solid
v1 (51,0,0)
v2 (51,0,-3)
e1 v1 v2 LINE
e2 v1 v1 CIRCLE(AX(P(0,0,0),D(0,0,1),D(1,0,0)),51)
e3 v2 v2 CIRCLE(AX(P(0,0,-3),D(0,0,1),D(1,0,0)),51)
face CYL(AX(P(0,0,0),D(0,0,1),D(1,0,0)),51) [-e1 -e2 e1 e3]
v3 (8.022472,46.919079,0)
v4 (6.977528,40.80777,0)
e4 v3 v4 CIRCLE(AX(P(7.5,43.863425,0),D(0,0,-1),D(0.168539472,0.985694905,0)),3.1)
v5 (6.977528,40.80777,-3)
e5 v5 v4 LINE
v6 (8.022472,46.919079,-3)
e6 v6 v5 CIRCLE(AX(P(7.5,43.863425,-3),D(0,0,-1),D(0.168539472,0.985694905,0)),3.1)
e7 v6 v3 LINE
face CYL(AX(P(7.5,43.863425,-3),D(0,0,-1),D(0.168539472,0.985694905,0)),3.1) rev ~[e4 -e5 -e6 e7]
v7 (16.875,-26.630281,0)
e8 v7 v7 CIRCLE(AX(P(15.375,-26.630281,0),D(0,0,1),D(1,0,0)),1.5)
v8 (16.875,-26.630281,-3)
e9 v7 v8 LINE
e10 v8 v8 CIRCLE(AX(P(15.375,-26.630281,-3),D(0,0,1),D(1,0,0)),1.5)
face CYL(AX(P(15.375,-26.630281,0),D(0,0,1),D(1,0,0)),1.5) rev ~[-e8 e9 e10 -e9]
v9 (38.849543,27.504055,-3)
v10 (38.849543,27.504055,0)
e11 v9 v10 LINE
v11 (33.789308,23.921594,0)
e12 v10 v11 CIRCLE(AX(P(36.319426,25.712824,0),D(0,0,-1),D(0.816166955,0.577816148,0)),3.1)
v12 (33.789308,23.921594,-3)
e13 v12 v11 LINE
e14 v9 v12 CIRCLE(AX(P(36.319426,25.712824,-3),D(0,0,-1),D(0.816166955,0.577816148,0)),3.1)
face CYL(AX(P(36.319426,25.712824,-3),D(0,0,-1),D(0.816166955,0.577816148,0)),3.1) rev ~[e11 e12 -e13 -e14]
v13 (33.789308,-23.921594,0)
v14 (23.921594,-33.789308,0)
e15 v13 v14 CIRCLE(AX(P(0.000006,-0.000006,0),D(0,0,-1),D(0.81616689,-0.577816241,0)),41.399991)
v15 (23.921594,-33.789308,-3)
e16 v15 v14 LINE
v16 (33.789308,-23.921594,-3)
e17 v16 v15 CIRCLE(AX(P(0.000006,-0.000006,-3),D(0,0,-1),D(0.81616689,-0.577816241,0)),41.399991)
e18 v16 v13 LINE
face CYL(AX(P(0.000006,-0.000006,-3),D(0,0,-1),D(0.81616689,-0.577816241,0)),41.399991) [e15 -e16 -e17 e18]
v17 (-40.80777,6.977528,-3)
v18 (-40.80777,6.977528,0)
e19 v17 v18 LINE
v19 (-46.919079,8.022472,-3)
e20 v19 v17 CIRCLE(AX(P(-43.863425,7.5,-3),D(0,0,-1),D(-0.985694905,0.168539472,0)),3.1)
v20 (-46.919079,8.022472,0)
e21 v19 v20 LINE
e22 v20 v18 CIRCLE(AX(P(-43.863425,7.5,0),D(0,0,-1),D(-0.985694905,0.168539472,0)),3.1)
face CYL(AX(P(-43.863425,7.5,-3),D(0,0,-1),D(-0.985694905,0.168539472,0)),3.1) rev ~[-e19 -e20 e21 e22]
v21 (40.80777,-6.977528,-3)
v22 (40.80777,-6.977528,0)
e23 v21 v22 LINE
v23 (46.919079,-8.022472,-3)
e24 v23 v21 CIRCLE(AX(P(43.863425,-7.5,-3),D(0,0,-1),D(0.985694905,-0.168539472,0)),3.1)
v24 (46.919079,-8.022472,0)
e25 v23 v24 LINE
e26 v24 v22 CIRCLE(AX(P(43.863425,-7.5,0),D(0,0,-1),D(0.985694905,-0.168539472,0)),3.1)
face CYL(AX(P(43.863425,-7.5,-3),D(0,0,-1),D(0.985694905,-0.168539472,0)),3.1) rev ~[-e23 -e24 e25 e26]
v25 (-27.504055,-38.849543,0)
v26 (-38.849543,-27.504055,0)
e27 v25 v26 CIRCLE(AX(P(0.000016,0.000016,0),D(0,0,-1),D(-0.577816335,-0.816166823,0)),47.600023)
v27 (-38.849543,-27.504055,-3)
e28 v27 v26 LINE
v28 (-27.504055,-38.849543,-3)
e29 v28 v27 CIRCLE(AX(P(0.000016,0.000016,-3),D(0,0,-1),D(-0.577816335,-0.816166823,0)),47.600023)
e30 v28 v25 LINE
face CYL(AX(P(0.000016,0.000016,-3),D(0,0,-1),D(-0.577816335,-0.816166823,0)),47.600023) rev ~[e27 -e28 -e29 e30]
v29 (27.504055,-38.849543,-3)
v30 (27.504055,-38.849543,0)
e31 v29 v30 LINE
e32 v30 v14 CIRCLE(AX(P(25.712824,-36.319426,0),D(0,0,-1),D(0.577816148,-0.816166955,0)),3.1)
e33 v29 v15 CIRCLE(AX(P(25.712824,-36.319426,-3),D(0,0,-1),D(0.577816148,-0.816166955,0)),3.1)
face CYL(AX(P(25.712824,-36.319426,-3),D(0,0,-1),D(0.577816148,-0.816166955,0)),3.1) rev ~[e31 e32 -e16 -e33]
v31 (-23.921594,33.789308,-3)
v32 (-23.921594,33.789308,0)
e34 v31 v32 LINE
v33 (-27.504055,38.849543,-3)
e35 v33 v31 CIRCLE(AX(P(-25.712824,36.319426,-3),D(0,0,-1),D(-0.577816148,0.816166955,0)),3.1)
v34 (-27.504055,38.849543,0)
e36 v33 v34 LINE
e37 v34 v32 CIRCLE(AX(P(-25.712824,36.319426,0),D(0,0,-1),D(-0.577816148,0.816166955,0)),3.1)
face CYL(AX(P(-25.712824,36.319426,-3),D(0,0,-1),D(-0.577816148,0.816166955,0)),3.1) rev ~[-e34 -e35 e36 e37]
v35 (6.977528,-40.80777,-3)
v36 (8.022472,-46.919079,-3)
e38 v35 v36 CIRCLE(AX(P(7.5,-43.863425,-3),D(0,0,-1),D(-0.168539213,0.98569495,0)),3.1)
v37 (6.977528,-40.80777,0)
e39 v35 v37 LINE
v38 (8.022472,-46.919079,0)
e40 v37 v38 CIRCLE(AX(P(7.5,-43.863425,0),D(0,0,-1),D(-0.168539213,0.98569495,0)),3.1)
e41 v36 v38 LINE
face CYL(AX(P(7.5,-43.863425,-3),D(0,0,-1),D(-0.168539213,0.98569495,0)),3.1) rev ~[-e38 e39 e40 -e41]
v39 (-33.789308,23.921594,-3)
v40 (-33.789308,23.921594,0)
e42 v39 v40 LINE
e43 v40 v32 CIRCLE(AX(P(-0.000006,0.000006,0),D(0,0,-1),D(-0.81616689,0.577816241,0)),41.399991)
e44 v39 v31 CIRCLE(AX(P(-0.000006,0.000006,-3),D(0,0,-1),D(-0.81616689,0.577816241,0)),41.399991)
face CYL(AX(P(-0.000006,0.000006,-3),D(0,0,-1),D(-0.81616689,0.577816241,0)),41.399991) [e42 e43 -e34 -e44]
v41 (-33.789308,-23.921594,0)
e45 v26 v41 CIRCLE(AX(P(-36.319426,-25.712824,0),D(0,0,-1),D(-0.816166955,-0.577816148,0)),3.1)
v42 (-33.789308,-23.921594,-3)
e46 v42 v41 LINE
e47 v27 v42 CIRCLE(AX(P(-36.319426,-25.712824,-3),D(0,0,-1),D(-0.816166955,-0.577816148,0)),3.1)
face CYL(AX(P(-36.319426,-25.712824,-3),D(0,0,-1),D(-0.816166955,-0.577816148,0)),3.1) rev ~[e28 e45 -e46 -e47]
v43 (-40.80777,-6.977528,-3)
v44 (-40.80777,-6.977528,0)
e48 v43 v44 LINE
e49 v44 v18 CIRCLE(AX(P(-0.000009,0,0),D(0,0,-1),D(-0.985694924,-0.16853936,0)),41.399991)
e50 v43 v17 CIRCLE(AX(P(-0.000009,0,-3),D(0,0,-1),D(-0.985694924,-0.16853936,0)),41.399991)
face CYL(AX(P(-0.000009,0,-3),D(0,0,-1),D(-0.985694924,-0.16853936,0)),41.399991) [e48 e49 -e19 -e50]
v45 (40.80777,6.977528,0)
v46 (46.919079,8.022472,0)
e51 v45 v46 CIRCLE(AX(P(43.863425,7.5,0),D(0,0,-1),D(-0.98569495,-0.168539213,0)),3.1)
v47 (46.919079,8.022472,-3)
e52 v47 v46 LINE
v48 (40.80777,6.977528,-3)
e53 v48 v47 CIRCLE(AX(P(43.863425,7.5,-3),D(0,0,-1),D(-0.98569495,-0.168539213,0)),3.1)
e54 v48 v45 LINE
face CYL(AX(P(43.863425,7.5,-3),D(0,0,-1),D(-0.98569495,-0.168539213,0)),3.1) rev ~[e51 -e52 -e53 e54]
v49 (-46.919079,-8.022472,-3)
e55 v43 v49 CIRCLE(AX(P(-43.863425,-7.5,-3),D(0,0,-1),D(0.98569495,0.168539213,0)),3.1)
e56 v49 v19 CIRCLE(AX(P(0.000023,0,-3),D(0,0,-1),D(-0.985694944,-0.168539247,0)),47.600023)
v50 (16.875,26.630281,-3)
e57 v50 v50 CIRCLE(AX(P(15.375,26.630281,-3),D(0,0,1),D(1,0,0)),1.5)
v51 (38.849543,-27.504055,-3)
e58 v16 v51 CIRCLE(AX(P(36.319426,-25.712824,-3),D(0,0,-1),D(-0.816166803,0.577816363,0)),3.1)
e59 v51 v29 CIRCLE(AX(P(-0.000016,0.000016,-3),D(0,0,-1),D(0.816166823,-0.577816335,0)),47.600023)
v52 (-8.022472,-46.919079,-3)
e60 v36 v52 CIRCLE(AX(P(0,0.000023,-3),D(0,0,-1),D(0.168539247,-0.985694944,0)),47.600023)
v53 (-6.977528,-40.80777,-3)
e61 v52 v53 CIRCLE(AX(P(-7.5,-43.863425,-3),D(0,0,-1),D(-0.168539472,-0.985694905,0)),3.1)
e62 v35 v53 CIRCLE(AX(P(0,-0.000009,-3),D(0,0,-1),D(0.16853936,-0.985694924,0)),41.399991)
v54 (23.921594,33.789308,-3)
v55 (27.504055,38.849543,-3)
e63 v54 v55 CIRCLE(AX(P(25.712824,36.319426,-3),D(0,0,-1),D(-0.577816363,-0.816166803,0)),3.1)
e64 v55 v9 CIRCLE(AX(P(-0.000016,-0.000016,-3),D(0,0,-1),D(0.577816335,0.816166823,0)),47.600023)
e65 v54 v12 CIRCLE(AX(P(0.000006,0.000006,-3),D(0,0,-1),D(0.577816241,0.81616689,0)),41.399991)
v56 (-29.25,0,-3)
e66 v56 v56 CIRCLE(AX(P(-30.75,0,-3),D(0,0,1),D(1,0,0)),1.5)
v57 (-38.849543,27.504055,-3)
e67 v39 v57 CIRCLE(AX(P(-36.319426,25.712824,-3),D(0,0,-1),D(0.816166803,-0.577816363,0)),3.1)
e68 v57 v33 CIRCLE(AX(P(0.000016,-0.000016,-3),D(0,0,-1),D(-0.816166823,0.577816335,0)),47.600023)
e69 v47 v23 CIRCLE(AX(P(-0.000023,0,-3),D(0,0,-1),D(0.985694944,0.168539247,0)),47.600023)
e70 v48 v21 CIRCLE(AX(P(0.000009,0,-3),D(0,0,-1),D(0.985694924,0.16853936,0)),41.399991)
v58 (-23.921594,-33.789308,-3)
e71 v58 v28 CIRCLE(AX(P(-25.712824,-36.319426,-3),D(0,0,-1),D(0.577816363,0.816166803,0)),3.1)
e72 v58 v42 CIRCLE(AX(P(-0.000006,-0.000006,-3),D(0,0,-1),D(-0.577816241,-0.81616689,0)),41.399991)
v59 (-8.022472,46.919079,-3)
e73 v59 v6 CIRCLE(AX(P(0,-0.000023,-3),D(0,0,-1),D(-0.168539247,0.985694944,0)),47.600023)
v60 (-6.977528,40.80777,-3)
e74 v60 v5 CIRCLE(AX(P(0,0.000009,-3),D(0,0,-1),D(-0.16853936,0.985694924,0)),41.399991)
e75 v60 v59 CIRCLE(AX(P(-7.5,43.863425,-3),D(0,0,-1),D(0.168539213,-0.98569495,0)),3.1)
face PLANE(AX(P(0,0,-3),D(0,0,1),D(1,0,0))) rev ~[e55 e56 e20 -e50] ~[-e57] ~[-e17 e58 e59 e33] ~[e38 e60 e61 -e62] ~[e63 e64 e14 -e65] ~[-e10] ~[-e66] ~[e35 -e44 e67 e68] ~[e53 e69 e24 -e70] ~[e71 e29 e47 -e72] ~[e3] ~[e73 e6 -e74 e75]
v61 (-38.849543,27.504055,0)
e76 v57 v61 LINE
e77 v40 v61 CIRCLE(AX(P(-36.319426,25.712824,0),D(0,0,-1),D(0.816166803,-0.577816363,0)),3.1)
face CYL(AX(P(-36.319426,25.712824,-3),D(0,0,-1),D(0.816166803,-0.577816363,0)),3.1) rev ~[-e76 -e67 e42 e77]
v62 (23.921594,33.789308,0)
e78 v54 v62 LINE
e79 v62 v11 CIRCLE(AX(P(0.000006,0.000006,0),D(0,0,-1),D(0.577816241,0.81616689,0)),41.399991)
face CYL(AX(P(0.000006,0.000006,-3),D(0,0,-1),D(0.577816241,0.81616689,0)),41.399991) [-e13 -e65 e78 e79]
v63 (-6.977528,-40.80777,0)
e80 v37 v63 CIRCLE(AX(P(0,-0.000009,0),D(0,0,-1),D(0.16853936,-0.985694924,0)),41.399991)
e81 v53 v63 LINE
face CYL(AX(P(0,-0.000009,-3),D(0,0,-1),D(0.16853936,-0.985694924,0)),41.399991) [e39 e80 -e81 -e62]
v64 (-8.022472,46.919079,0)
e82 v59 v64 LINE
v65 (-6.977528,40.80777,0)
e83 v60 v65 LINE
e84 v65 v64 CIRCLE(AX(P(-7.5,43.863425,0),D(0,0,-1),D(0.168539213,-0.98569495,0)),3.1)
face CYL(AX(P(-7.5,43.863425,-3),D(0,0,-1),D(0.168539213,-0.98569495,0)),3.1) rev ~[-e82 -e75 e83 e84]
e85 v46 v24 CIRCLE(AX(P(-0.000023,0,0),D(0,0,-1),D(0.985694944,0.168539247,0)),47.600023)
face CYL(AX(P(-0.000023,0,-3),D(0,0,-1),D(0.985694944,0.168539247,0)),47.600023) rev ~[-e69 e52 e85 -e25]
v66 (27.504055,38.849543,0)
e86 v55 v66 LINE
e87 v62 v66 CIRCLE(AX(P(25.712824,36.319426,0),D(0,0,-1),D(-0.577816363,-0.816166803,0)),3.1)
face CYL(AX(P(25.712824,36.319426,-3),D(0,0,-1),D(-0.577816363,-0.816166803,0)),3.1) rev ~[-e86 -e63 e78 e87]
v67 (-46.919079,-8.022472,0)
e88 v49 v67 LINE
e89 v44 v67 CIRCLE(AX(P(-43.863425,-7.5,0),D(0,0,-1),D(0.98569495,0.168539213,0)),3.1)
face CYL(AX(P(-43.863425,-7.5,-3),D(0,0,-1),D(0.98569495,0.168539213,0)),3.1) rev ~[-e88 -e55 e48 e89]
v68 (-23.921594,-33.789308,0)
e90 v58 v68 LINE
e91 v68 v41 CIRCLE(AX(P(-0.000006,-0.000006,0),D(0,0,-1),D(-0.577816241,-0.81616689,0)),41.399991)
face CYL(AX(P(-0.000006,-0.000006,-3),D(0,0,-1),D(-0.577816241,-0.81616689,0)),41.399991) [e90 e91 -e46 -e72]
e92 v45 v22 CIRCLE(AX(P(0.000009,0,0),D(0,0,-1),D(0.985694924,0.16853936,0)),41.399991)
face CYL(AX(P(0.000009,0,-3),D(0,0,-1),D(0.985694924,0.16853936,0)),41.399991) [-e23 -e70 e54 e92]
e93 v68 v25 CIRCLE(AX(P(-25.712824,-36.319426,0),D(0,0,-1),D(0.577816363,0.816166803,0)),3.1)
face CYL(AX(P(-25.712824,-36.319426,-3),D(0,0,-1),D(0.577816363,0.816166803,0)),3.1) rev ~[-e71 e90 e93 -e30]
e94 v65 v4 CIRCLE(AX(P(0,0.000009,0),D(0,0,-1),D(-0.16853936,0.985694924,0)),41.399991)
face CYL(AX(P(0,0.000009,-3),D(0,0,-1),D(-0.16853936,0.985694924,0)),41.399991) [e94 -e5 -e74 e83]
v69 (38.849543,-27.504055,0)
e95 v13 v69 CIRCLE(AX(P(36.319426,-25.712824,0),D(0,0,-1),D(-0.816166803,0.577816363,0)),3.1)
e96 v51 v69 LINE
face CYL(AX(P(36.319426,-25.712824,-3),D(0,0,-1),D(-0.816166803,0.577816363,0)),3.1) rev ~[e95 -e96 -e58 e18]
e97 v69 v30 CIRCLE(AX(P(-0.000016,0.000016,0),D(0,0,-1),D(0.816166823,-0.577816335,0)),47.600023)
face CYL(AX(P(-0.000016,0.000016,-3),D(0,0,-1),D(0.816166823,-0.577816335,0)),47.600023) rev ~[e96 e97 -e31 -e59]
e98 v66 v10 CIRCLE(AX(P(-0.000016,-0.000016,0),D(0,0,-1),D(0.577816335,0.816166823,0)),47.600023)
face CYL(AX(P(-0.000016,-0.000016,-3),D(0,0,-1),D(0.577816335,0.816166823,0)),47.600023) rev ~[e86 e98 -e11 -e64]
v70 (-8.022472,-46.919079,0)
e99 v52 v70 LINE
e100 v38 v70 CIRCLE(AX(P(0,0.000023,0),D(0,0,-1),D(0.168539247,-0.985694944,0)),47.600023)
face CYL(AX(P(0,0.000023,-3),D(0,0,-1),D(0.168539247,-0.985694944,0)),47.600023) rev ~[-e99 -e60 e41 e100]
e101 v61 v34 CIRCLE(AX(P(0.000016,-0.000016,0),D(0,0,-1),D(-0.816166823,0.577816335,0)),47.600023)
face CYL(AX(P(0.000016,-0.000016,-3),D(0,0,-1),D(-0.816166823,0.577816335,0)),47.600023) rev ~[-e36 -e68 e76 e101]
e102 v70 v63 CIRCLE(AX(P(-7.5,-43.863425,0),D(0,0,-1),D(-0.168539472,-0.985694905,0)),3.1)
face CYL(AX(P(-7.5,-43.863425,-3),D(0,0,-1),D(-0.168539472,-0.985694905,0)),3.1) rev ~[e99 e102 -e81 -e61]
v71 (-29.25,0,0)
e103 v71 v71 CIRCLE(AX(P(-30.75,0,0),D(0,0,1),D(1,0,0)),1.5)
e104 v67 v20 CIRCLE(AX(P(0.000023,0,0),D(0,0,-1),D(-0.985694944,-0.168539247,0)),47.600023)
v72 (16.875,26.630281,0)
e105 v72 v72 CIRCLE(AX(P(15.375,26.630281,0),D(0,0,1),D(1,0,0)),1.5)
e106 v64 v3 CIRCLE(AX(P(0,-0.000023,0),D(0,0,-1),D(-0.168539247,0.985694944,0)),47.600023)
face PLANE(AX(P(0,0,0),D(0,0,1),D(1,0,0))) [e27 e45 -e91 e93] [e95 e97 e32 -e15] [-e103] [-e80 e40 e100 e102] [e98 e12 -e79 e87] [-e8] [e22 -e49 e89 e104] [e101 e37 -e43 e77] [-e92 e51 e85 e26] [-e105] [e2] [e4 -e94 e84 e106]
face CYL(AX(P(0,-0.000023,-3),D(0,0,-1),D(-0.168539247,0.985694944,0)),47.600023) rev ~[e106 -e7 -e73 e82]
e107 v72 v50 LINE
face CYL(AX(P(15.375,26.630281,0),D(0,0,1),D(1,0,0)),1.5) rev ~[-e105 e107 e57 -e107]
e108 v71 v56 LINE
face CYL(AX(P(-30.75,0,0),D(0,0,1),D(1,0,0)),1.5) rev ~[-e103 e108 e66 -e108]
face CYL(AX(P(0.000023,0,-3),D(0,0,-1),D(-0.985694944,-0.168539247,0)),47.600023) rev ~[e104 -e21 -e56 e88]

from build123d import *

# Parameters (mm, degrees)
SKETCH015_R        = 51
SKETCH015_R_2      = 1.5
PAD013_DEPTH       = 3
POCKET_DEPTH       = 291.562952
POLARPATTERN_COUNT = 8


with BuildPart() as part:
    # Sketch015 → Pad013 (new body)
    with BuildSketch(Plane.XY):
        Circle(SKETCH015_R)
        with Locations((15.375, 26.630281)):
            Circle(SKETCH015_R_2, mode=Mode.SUBTRACT)
        with Locations((-30.75, 0)):
            Circle(SKETCH015_R_2, mode=Mode.SUBTRACT)
        with Locations((15.375, -26.630281)):
            Circle(SKETCH015_R_2, mode=Mode.SUBTRACT)
    extrude(amount=-PAD013_DEPTH)

    # Sketch017 (on Face6 of Pad013) → Pocket (cut, through all)
    with BuildSketch(Plane(origin=(0, 0, -3), x_dir=(1, 0, 0), z_dir=(0, 0, -1))):
        with BuildLine():
            ThreePointArc((8.022472, 46.919079), (0, 47.6), (-8.022472, 46.919079))
            ThreePointArc((-8.022472, 46.919079), (-10.555654, 43.340952), (-6.977528, 40.80777))
            ThreePointArc((6.977528, 40.80777), (0, 41.4), (-6.977528, 40.80777))
            ThreePointArc((6.977528, 40.80777), (10.555654, 43.340952), (8.022472, 46.919079))
        make_face()
    pocket = extrude(amount=-POCKET_DEPTH, mode=Mode.SUBTRACT)

    # PolarPattern: Pocket ×8 about axis
    polarpattern_axis = Axis((0, 0, -3), (0, 0, -1))
    for i in range(1, POLARPATTERN_COUNT):
        add(pocket.rotate(polarpattern_axis, i * 360 / POLARPATTERN_COUNT), mode=Mode.SUBTRACT)


solid = part.part
